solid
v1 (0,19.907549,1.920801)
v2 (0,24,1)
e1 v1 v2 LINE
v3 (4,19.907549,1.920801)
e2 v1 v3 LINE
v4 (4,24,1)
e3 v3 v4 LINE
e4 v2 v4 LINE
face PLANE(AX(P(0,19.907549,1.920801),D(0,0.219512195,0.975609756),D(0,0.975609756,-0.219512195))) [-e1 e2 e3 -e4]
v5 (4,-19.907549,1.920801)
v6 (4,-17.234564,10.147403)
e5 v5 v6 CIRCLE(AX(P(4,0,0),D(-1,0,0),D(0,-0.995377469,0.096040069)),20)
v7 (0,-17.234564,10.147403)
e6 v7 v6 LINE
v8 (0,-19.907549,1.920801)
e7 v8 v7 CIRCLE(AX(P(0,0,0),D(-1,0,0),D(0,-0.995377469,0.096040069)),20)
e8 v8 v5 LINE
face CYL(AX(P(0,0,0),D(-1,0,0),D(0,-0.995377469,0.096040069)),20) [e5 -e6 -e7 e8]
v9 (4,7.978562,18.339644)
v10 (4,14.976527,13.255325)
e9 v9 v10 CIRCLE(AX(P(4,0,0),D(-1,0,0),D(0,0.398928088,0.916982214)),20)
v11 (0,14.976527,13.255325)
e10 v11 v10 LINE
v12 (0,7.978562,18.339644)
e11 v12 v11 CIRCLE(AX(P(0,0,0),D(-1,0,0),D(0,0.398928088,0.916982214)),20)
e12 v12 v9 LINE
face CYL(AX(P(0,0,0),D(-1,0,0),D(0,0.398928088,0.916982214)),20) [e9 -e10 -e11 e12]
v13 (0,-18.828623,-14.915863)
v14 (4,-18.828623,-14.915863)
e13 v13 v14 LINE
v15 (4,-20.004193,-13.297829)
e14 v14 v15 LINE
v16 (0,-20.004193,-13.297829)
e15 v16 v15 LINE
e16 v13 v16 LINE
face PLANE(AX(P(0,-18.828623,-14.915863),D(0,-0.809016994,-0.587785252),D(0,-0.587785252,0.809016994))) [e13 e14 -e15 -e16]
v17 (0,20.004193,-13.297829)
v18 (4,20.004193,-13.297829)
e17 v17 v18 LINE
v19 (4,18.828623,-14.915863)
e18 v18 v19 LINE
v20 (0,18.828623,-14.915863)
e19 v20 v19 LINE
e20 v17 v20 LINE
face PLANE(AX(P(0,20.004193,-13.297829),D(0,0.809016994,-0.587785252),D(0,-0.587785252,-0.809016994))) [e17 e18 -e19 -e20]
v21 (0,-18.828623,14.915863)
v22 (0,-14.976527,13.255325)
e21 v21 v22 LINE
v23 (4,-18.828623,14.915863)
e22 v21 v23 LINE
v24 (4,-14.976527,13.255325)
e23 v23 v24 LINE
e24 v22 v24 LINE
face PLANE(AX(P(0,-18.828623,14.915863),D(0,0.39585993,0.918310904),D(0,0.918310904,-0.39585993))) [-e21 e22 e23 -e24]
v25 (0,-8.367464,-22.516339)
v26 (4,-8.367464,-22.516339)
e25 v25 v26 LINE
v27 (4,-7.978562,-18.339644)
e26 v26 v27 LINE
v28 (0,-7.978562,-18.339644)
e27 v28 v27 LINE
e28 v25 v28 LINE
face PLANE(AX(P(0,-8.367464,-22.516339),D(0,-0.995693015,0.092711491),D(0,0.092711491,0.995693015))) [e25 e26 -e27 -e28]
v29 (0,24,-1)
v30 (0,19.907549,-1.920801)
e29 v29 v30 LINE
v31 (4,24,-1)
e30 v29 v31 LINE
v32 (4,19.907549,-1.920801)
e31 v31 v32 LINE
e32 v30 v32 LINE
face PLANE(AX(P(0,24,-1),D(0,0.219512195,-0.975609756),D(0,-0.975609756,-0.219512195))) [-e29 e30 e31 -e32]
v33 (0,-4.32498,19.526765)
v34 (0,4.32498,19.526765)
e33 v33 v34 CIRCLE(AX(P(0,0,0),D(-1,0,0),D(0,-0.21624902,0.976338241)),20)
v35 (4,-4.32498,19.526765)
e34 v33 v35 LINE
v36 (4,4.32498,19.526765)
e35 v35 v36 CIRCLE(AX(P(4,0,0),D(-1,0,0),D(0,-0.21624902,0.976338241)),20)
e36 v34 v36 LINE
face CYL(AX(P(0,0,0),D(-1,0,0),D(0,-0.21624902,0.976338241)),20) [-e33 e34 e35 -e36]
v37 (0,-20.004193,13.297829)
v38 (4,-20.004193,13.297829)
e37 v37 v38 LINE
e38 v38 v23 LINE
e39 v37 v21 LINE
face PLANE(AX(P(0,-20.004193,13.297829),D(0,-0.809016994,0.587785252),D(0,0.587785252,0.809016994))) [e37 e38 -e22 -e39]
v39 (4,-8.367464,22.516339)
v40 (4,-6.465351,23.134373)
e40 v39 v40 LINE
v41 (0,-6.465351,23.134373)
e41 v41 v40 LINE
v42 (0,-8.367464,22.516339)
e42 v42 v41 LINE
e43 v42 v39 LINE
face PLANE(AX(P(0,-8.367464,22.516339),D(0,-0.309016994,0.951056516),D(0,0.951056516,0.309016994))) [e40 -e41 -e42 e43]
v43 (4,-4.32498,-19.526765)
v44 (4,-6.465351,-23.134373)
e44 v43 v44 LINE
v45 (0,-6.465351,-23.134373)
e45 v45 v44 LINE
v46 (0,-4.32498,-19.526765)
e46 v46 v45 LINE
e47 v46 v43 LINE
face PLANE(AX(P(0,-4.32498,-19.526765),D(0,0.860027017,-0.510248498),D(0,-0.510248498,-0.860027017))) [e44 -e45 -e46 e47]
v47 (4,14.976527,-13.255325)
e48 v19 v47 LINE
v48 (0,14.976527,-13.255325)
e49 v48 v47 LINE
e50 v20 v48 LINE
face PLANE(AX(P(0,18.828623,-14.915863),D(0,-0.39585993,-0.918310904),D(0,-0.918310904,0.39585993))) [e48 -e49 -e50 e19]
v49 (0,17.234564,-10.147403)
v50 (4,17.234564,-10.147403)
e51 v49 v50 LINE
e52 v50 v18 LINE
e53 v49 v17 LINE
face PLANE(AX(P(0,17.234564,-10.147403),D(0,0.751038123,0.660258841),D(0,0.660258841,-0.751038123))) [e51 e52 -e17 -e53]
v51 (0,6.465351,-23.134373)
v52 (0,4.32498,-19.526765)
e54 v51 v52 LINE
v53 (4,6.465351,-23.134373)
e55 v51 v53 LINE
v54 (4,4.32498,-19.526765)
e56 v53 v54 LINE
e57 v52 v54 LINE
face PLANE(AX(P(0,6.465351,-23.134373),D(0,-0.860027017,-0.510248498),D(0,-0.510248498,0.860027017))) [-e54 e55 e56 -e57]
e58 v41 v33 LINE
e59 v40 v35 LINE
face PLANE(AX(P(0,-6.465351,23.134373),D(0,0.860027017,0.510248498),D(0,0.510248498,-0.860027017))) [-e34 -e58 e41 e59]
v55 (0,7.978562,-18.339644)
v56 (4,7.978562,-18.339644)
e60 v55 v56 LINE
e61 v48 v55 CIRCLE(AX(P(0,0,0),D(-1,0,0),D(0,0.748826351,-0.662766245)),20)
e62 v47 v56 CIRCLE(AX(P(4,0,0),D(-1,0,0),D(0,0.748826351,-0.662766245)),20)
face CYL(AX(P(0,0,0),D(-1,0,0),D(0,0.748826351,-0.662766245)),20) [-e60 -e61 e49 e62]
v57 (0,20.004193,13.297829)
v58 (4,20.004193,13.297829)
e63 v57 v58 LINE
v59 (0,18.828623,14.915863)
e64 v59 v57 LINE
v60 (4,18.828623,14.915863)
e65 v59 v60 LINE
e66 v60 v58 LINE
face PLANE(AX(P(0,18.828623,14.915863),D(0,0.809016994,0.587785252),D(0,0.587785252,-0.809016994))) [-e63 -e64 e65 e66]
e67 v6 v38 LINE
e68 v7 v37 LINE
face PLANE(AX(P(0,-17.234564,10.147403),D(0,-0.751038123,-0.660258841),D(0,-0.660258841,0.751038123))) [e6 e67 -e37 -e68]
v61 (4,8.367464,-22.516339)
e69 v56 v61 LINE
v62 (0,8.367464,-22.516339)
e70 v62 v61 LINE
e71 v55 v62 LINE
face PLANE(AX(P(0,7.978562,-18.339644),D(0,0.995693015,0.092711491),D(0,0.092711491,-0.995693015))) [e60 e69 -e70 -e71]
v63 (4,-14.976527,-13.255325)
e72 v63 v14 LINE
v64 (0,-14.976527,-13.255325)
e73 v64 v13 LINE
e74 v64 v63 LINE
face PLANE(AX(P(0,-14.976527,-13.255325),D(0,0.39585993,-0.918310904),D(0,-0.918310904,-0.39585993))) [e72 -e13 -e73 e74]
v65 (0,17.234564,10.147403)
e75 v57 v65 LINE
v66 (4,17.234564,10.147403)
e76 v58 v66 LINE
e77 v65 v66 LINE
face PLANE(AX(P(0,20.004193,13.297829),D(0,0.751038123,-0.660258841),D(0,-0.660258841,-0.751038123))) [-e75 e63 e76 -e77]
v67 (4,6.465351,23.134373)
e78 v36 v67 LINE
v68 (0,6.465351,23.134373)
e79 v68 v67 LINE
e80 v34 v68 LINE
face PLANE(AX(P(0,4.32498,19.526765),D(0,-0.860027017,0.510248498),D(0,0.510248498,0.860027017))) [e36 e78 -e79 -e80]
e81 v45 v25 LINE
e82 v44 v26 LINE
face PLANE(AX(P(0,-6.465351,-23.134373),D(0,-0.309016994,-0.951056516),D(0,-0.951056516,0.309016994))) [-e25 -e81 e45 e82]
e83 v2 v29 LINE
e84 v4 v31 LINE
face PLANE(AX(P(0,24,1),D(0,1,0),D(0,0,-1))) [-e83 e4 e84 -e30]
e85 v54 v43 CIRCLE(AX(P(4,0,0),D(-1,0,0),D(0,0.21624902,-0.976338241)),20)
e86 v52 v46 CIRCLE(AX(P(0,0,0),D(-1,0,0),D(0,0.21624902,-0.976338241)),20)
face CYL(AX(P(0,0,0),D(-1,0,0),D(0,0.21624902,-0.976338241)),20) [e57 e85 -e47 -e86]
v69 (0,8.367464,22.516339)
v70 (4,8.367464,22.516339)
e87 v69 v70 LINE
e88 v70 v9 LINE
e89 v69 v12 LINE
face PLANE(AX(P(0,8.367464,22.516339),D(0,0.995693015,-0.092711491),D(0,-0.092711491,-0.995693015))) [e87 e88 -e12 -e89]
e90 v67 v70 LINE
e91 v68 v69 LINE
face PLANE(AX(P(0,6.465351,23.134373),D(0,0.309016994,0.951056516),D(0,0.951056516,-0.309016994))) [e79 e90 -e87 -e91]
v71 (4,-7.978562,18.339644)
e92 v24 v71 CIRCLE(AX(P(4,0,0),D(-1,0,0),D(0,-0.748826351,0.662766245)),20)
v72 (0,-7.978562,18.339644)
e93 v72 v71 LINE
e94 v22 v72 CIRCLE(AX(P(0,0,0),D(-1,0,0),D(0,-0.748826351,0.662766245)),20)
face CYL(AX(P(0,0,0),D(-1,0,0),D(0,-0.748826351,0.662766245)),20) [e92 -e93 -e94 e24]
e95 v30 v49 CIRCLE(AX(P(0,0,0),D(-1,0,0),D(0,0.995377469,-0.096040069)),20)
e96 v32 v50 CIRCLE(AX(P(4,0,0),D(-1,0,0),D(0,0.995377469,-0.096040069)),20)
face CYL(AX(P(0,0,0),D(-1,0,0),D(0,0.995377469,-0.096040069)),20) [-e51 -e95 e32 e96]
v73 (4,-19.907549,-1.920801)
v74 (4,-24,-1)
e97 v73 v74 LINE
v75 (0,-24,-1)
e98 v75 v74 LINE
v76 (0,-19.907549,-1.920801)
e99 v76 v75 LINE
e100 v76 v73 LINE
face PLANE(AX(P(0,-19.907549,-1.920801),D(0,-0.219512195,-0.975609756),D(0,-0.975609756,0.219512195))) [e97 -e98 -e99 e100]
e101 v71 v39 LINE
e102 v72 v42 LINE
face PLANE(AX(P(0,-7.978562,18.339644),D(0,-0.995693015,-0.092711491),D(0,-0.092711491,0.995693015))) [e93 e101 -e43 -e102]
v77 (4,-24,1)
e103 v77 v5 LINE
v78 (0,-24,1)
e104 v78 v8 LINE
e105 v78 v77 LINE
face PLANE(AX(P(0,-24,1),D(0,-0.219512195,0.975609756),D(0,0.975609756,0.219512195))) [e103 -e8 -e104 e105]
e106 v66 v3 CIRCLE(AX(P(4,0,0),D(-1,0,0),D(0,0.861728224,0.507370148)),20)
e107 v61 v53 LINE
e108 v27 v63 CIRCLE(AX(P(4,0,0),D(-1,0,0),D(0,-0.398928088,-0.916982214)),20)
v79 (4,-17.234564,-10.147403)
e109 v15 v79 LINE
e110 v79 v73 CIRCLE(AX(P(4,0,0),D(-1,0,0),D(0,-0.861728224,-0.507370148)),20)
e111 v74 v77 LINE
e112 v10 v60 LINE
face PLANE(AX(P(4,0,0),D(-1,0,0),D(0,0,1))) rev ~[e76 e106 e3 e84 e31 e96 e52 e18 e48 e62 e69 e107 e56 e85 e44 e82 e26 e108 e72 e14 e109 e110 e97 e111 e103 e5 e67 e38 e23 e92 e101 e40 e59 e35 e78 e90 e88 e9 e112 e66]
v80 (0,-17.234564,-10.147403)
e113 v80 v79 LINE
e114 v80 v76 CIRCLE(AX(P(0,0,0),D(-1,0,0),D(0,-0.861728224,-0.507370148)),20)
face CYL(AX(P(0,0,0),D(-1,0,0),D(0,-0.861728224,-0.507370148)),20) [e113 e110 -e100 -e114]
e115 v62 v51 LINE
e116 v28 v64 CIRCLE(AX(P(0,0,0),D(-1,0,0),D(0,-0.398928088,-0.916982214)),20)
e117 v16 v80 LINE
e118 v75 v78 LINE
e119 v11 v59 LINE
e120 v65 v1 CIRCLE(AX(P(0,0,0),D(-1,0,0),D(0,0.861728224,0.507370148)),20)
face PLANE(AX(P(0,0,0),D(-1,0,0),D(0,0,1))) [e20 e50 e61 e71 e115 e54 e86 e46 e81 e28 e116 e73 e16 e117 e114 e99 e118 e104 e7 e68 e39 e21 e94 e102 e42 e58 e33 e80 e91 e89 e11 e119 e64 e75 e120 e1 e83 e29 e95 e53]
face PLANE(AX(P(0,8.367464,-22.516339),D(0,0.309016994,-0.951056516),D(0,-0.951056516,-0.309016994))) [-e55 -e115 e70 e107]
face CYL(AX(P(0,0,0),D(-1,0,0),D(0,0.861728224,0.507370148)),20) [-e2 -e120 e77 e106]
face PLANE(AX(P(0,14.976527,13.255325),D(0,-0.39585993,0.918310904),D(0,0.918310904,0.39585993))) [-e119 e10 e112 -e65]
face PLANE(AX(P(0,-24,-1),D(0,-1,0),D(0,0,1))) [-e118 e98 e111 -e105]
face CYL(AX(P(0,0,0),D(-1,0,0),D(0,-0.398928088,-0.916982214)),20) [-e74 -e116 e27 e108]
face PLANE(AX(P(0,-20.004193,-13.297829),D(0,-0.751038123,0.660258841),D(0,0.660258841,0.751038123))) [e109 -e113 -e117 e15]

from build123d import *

# Parameters (mm, degrees)
EXTRUDE_1_DEPTH = 4


with BuildPart() as part:
    # Эскиз1 → Бобышка-Вытянуть1 (new body)
    with BuildSketch(Plane(origin=(0, 0, 0), x_dir=(0, 0, -1), z_dir=(1, 0, 0))):
        with BuildLine():
            Line((-1, 24), (1, 24))
            Line((1, 24), (1.920801391, 19.907549372))
            ThreePointArc((1.920801391, 19.907549372), (6.180339887, 19.021130326), (10.147402962, 17.234564489))
            Line((10.147402962, 17.234564489), (13.297829061, 20.004193117))
            Line((13.297829061, 20.004193117), (14.915863049, 18.828622613))
            Line((14.915863049, 18.828622613), (13.255324899, 14.976527028))
            ThreePointArc((13.255324899, 14.976527028), (16.180339887, 11.755705046), (18.339644281, 7.978561752))
            Line((18.339644281, 7.978561752), (22.516339397, 8.367464381))
            Line((22.516339397, 8.367464381), (23.134373385, 6.465351349))
            Line((23.134373385, 6.465351349), (19.526764827, 4.324980393))
            ThreePointArc((19.526764827, 4.324980393), (20, 0), (19.526764827, -4.324980393))
            Line((19.526764827, -4.324980393), (23.134373385, -6.465351349))
            Line((23.134373385, -6.465351349), (22.516339397, -8.367464381))
            Line((22.516339397, -8.367464381), (18.339644281, -7.978561752))
            ThreePointArc((18.339644281, -7.978561752), (16.180339887, -11.755705046), (13.255324899, -14.976527028))
            Line((13.255324899, -14.976527028), (14.915863049, -18.828622613))
            Line((14.915863049, -18.828622613), (13.297829061, -20.004193117))
            Line((13.297829061, -20.004193117), (10.147402962, -17.234564489))
            ThreePointArc((10.147402962, -17.234564489), (6.180339887, -19.021130326), (1.920801391, -19.907549372))
            Line((1.920801391, -19.907549372), (1, -24))
            Line((1, -24), (-1, -24))
            Line((-1, -24), (-1.920801391, -19.907549372))
            ThreePointArc((-1.920801391, -19.907549372), (-6.180339887, -19.021130326), (-10.147402962, -17.234564489))
            Line((-10.147402962, -17.234564489), (-13.297829061, -20.004193117))
            Line((-13.297829061, -20.004193117), (-14.915863049, -18.828622613))
            Line((-14.915863049, -18.828622613), (-13.255324899, -14.976527028))
            ThreePointArc((-13.255324899, -14.976527028), (-16.180339887, -11.755705046), (-18.339644281, -7.978561752))
            Line((-18.339644281, -7.978561752), (-22.516339397, -8.367464381))
            Line((-22.516339397, -8.367464381), (-23.134373385, -6.465351349))
            Line((-23.134373385, -6.465351349), (-19.526764827, -4.324980393))
            ThreePointArc((-19.526764827, -4.324980393), (-20, 0), (-19.526764827, 4.324980393))
            Line((-19.526764827, 4.324980393), (-23.134373385, 6.465351349))
            Line((-23.134373385, 6.465351349), (-22.516339397, 8.367464381))
            Line((-22.516339397, 8.367464381), (-18.339644281, 7.978561752))
            ThreePointArc((-18.339644281, 7.978561752), (-16.180339887, 11.755705046), (-13.255324899, 14.976527028))
            Line((-13.255324899, 14.976527028), (-14.915863049, 18.828622613))
            Line((-14.915863049, 18.828622613), (-13.297829061, 20.004193117))
            Line((-13.297829061, 20.004193117), (-10.147402962, 17.234564489))
            ThreePointArc((-10.147402962, 17.234564489), (-6.180339887, 19.021130326), (-1.920801391, 19.907549372))
            Line((-1.920801391, 19.907549372), (-1, 24))
        make_face()
    extrude(amount=EXTRUDE_1_DEPTH)


solid = part.part
